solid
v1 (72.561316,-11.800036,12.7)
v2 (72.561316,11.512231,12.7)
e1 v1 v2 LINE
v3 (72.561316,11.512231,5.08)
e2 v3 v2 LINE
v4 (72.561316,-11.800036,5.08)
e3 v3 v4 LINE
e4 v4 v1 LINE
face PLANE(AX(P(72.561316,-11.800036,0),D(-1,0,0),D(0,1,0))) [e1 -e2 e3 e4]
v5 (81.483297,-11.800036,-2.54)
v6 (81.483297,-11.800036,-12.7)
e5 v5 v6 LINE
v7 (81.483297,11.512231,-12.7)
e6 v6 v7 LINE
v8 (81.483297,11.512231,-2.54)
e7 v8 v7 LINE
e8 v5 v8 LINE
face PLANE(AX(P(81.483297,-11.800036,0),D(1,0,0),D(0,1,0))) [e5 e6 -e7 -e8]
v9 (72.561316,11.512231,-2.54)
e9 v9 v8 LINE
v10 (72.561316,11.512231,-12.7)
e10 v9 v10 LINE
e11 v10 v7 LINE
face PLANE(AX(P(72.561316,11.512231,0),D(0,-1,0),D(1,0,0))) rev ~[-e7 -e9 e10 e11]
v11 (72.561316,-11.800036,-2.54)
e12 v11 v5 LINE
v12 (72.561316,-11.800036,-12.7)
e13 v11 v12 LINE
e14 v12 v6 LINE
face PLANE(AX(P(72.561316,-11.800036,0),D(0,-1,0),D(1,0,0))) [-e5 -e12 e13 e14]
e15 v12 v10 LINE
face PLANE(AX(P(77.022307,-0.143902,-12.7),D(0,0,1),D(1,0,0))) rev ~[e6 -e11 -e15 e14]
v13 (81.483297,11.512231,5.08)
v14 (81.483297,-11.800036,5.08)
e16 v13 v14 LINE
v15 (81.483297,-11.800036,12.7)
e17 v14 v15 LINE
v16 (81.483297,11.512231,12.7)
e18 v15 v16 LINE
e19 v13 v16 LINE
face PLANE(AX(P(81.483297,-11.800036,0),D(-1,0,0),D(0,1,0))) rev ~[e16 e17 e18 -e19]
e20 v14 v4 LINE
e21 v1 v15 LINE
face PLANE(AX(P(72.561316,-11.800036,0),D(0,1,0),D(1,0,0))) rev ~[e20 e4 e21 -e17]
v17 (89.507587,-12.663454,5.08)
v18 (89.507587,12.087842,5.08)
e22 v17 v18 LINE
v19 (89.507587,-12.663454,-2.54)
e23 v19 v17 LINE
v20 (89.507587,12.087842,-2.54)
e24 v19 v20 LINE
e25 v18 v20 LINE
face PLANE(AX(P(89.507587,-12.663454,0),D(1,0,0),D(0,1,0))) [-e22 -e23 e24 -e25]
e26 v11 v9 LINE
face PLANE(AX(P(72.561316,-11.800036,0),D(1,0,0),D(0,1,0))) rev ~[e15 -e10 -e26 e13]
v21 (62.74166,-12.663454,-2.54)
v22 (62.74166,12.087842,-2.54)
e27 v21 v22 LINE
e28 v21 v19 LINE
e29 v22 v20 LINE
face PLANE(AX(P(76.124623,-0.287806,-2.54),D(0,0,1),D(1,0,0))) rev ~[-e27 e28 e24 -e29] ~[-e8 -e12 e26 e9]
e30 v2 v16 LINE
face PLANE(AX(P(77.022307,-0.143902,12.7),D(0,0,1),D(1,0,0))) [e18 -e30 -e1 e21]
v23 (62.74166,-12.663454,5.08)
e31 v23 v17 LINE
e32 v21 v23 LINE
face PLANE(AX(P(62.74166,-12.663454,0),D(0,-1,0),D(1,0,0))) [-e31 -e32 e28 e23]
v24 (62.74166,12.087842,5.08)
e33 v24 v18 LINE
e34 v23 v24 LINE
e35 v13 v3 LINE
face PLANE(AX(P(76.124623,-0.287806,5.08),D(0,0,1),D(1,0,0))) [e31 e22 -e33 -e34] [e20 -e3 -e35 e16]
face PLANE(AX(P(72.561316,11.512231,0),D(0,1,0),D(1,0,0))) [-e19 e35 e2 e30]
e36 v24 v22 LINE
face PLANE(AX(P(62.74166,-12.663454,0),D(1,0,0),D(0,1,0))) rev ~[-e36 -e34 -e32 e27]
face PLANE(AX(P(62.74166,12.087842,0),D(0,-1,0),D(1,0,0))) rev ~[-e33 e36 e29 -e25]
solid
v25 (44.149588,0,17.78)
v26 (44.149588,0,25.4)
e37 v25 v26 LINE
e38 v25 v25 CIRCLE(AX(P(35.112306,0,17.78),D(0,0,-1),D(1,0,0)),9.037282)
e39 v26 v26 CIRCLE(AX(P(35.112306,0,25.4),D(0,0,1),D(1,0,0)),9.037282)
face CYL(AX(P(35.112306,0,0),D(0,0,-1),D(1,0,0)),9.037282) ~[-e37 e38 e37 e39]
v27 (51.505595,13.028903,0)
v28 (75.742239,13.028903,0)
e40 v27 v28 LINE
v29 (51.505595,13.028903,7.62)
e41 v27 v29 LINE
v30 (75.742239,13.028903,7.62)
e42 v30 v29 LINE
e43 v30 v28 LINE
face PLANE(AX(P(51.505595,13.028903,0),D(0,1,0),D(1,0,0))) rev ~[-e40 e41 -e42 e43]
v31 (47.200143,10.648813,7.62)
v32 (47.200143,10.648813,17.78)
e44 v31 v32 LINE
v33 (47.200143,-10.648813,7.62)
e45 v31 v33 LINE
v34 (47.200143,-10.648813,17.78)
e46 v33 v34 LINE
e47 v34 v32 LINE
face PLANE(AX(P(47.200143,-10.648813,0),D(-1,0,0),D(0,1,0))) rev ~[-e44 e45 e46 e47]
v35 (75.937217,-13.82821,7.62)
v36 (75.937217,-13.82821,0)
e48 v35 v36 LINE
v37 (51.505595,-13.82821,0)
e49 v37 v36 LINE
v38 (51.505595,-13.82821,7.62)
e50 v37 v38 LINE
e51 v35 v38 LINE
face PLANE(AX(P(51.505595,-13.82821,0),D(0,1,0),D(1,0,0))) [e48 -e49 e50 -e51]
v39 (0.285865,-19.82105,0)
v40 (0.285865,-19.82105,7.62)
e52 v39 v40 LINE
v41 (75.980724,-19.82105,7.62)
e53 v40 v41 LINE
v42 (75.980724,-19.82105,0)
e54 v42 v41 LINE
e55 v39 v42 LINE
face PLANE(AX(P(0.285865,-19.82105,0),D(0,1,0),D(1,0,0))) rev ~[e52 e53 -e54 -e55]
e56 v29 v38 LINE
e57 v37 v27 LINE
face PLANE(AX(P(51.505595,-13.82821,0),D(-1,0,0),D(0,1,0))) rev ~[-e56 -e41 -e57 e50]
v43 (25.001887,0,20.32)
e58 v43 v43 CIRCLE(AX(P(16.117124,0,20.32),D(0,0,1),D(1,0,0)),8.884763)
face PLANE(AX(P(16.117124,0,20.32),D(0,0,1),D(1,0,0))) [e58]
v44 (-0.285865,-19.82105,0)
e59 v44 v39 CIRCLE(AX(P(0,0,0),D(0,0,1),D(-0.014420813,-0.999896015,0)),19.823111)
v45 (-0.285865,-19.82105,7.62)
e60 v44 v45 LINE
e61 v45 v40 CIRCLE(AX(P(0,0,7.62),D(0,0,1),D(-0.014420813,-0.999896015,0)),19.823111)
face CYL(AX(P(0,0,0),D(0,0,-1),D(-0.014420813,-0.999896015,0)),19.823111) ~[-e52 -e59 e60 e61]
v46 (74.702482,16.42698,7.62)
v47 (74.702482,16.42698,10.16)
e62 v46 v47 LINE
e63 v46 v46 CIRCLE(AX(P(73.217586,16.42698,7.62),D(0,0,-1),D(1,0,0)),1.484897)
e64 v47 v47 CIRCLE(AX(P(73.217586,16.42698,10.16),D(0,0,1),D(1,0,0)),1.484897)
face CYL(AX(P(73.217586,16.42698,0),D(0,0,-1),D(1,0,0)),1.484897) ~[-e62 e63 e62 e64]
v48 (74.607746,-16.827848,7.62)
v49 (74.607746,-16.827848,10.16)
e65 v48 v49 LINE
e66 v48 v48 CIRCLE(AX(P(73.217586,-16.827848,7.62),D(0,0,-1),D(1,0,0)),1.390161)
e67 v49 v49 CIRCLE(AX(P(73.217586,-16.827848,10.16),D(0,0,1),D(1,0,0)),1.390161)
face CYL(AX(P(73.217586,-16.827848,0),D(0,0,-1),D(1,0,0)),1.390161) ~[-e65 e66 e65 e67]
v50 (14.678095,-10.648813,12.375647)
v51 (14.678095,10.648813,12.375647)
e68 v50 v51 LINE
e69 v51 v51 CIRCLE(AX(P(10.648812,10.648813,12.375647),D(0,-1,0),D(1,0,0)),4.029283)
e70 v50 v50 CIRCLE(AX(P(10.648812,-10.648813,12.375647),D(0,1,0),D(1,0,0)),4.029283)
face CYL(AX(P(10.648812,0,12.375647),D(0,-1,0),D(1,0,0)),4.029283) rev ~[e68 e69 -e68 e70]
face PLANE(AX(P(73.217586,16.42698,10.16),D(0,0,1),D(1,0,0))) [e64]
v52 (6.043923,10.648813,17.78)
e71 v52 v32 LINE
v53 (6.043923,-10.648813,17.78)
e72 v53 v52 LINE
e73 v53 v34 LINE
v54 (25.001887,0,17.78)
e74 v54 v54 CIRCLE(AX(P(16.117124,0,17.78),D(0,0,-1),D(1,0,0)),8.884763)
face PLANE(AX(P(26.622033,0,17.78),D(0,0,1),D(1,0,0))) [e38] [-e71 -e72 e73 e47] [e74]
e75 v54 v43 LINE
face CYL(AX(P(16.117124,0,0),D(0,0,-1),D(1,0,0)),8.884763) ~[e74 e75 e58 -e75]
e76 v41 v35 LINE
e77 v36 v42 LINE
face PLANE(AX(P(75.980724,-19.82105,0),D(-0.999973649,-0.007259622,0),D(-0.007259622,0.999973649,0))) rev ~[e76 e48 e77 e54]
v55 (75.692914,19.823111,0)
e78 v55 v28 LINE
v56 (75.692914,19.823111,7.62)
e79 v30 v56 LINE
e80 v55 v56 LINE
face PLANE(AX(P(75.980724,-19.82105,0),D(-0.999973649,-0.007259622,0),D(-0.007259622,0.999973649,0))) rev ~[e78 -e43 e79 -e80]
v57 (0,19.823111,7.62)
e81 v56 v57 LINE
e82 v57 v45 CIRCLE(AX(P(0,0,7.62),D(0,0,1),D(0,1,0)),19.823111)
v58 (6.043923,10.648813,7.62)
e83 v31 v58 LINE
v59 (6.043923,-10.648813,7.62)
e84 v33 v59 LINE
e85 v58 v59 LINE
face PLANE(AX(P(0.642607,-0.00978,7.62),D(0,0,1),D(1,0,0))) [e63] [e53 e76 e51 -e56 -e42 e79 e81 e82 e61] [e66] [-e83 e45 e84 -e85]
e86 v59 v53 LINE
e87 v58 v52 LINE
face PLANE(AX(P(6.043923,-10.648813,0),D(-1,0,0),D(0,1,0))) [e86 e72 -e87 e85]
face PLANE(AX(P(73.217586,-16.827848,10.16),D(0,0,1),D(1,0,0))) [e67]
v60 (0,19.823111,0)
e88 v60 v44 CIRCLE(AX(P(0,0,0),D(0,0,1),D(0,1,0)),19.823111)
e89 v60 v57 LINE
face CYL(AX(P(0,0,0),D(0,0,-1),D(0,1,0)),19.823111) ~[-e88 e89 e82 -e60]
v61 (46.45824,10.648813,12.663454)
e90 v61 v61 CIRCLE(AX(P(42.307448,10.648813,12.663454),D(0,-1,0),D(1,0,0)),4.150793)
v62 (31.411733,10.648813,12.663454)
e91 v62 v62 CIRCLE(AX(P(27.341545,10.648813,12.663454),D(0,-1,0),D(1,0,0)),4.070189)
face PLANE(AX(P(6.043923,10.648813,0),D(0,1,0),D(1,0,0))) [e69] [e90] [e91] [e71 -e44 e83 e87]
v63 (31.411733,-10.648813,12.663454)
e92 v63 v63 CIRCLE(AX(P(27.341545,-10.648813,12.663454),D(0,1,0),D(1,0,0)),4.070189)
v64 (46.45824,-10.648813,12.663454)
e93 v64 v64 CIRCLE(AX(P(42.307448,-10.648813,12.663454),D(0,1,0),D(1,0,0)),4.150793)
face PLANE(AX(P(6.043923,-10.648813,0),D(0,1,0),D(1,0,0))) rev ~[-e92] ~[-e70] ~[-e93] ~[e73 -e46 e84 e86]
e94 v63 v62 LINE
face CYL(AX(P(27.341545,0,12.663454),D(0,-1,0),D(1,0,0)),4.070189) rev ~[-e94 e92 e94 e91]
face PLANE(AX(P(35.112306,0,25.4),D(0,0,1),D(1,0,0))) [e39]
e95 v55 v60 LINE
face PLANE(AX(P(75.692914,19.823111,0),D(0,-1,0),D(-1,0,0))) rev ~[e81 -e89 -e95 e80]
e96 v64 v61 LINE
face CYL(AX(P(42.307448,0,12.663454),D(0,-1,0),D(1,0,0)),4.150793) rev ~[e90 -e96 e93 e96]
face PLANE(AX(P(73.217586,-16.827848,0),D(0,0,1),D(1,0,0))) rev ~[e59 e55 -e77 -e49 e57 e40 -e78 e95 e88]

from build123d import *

# Parameters (mm, degrees)
F1_DEPTH       = 7.62
F2_W           = 17.2683522105
F2_H           = 26.7659360543
F3_DEPTH       = 12.7
F4_W           = 41.1562207155
F4_H           = 21.2976261973
F5_DEPTH       = 17.78
F6_R           = 8.8847627662
F7_DEPTH       = 20.32
F8_R           = 9.0372818925
F9_DEPTH       = 25.4
F10_R          = 4.0292833
F10_R_2        = 4.0701887274
F10_R_3        = 4.1507926028
F11_DEPTH      = 25.4
F11_DEPTH_BACK = 25.4
F12_W          = 26.7398282886
F12_H          = 26.8571125343
F13_DEPTH      = 25.4
F13_DEPTH_BACK = 25.4
F14_R          = 1.3901606725
F14_R_2        = 1.4848965251
F15_DEPTH      = 10.16
F16_W          = 26.7659276724
F16_H          = 24.7512953356
F17_DEPTH      = 5.08
F17_DEPTH_BACK = 2.54
F18_W          = 8.9219808578
F18_H          = 23.312266916
F19_DEPTH      = 12.7
F19_DEPTH_BACK = 12.7


with BuildPart() as f1:
    # F0 (on Top) → F1 (new body)
    with BuildSketch(Plane.XY):
        with BuildLine():
            ThreePointArc((0.2858653896, -19.8210498239), (14.1177632175, -13.9156206069), (19.8231111368, 0))
            ThreePointArc((19.8231111368, 0), (14.017056309, 14.017056309), (0, 19.8231111368))
            ThreePointArc((0, 19.8231111368), (-19.8225958019, 0.1429364107), (-0.2858653896, -19.8210498239))
            Line((-0.2858653896, -19.8210498239), (0.2858653896, -19.8210498239))
        make_face()
        with BuildLine():
            ThreePointArc((0, 19.8231111368), (14.017056309, 14.017056309), (19.8231111368, 0))
            ThreePointArc((19.8231111368, 0), (14.1177632175, -13.9156206069), (0.2858653896, -19.8210498239))
            Line((0.2858653896, -19.8210498239), (75.9807236174, -19.8210498239))
            Line((75.9807236174, -19.8210498239), (75.6929144263, 19.8231111368))
            Line((75.6929144263, 19.8231111368), (0, 19.8231111368))
        make_face()
        with BuildLine():
            ThreePointArc((-0.2858653896, -19.8210498239), (0, -19.8231111368), (0.2858653896, -19.8210498239))
            Line((0.2858653896, -19.8210498239), (-0.2858653896, -19.8210498239))
        make_face()
    extrude(amount=F1_DEPTH)

    # F2 (on face) → F3 (cut)
    with BuildSketch(Plane.XY.offset(7.62)):
        with Locations((60.1514019072, -0.4317085259)):
            Rectangle(F2_W, F2_H)
    extrude(amount=-F3_DEPTH, mode=Mode.SUBTRACT)

    # F4 (on Top) → F5 (join)
    with BuildSketch(Plane.XY):
        with Locations((26.6220329795, 0)):
            Rectangle(F4_W, F4_H)
    extrude(amount=F5_DEPTH)

    # F6 (on Top) → F7 (join)
    with BuildSketch(Plane.XY):
        with Locations((16.1171238869, 0)):
            Circle(F6_R)
    extrude(amount=F7_DEPTH)

    # F8 (on Top) → F9 (join)
    with BuildSketch(Plane.XY):
        with Locations((35.1123064756, 0)):
            Circle(F8_R)
    extrude(amount=F9_DEPTH)

    # F10 (on Front) → F11 (cut, two sides)
    with BuildSketch(Plane.XZ) as f11_sk:
        with Locations((10.6488121673, 12.3756472021)):
            Circle(F10_R)
        with Locations((27.3415446281, 12.6634538174)):
            Circle(F10_R_2)
        with Locations((42.3074476421, 12.6634538174)):
            Circle(F10_R_3)
    extrude(amount=F11_DEPTH, mode=Mode.SUBTRACT)
    extrude(f11_sk.sketch, amount=-F11_DEPTH_BACK, mode=Mode.SUBTRACT)

    # F12 (on Top) → F13 (cut, two sides)
    with BuildSketch(Plane.XY) as f13_sk:
        with Locations((64.8755095899, -0.3996533342)):
            Rectangle(F12_W, F12_H)
    extrude(amount=-F13_DEPTH, mode=Mode.SUBTRACT)
    extrude(f13_sk.sketch, amount=F13_DEPTH_BACK, mode=Mode.SUBTRACT)

    # F14 (on Top) → F15 (join)
    with BuildSketch(Plane.XY):
        with Locations((73.2175856829, -16.8278478086)):
            Circle(F14_R)
        with Locations((73.2175856829, 16.4269804955)):
            Circle(F14_R_2)
    extrude(amount=F15_DEPTH)


with BuildPart() as f17:
    # F16 (on Top) → F17 (new body, two sides)
    with BuildSketch(Plane.XY) as f17_sk:
        with Locations((76.1246234179, -0.2878061496)):
            Rectangle(F16_W, F16_H)
    extrude(amount=F17_DEPTH)
    extrude(f17_sk.sketch, amount=-F17_DEPTH_BACK)

    # F18 (on Top) → F19 (join, two sides)
    with BuildSketch(Plane.XY) as f19_sk:
        with Locations((77.0223066211, -0.1439023763)):
            Rectangle(F18_W, F18_H)
    extrude(amount=F19_DEPTH)
    extrude(f19_sk.sketch, amount=-F19_DEPTH_BACK)


solid = Compound([f1.part, f17.part])
